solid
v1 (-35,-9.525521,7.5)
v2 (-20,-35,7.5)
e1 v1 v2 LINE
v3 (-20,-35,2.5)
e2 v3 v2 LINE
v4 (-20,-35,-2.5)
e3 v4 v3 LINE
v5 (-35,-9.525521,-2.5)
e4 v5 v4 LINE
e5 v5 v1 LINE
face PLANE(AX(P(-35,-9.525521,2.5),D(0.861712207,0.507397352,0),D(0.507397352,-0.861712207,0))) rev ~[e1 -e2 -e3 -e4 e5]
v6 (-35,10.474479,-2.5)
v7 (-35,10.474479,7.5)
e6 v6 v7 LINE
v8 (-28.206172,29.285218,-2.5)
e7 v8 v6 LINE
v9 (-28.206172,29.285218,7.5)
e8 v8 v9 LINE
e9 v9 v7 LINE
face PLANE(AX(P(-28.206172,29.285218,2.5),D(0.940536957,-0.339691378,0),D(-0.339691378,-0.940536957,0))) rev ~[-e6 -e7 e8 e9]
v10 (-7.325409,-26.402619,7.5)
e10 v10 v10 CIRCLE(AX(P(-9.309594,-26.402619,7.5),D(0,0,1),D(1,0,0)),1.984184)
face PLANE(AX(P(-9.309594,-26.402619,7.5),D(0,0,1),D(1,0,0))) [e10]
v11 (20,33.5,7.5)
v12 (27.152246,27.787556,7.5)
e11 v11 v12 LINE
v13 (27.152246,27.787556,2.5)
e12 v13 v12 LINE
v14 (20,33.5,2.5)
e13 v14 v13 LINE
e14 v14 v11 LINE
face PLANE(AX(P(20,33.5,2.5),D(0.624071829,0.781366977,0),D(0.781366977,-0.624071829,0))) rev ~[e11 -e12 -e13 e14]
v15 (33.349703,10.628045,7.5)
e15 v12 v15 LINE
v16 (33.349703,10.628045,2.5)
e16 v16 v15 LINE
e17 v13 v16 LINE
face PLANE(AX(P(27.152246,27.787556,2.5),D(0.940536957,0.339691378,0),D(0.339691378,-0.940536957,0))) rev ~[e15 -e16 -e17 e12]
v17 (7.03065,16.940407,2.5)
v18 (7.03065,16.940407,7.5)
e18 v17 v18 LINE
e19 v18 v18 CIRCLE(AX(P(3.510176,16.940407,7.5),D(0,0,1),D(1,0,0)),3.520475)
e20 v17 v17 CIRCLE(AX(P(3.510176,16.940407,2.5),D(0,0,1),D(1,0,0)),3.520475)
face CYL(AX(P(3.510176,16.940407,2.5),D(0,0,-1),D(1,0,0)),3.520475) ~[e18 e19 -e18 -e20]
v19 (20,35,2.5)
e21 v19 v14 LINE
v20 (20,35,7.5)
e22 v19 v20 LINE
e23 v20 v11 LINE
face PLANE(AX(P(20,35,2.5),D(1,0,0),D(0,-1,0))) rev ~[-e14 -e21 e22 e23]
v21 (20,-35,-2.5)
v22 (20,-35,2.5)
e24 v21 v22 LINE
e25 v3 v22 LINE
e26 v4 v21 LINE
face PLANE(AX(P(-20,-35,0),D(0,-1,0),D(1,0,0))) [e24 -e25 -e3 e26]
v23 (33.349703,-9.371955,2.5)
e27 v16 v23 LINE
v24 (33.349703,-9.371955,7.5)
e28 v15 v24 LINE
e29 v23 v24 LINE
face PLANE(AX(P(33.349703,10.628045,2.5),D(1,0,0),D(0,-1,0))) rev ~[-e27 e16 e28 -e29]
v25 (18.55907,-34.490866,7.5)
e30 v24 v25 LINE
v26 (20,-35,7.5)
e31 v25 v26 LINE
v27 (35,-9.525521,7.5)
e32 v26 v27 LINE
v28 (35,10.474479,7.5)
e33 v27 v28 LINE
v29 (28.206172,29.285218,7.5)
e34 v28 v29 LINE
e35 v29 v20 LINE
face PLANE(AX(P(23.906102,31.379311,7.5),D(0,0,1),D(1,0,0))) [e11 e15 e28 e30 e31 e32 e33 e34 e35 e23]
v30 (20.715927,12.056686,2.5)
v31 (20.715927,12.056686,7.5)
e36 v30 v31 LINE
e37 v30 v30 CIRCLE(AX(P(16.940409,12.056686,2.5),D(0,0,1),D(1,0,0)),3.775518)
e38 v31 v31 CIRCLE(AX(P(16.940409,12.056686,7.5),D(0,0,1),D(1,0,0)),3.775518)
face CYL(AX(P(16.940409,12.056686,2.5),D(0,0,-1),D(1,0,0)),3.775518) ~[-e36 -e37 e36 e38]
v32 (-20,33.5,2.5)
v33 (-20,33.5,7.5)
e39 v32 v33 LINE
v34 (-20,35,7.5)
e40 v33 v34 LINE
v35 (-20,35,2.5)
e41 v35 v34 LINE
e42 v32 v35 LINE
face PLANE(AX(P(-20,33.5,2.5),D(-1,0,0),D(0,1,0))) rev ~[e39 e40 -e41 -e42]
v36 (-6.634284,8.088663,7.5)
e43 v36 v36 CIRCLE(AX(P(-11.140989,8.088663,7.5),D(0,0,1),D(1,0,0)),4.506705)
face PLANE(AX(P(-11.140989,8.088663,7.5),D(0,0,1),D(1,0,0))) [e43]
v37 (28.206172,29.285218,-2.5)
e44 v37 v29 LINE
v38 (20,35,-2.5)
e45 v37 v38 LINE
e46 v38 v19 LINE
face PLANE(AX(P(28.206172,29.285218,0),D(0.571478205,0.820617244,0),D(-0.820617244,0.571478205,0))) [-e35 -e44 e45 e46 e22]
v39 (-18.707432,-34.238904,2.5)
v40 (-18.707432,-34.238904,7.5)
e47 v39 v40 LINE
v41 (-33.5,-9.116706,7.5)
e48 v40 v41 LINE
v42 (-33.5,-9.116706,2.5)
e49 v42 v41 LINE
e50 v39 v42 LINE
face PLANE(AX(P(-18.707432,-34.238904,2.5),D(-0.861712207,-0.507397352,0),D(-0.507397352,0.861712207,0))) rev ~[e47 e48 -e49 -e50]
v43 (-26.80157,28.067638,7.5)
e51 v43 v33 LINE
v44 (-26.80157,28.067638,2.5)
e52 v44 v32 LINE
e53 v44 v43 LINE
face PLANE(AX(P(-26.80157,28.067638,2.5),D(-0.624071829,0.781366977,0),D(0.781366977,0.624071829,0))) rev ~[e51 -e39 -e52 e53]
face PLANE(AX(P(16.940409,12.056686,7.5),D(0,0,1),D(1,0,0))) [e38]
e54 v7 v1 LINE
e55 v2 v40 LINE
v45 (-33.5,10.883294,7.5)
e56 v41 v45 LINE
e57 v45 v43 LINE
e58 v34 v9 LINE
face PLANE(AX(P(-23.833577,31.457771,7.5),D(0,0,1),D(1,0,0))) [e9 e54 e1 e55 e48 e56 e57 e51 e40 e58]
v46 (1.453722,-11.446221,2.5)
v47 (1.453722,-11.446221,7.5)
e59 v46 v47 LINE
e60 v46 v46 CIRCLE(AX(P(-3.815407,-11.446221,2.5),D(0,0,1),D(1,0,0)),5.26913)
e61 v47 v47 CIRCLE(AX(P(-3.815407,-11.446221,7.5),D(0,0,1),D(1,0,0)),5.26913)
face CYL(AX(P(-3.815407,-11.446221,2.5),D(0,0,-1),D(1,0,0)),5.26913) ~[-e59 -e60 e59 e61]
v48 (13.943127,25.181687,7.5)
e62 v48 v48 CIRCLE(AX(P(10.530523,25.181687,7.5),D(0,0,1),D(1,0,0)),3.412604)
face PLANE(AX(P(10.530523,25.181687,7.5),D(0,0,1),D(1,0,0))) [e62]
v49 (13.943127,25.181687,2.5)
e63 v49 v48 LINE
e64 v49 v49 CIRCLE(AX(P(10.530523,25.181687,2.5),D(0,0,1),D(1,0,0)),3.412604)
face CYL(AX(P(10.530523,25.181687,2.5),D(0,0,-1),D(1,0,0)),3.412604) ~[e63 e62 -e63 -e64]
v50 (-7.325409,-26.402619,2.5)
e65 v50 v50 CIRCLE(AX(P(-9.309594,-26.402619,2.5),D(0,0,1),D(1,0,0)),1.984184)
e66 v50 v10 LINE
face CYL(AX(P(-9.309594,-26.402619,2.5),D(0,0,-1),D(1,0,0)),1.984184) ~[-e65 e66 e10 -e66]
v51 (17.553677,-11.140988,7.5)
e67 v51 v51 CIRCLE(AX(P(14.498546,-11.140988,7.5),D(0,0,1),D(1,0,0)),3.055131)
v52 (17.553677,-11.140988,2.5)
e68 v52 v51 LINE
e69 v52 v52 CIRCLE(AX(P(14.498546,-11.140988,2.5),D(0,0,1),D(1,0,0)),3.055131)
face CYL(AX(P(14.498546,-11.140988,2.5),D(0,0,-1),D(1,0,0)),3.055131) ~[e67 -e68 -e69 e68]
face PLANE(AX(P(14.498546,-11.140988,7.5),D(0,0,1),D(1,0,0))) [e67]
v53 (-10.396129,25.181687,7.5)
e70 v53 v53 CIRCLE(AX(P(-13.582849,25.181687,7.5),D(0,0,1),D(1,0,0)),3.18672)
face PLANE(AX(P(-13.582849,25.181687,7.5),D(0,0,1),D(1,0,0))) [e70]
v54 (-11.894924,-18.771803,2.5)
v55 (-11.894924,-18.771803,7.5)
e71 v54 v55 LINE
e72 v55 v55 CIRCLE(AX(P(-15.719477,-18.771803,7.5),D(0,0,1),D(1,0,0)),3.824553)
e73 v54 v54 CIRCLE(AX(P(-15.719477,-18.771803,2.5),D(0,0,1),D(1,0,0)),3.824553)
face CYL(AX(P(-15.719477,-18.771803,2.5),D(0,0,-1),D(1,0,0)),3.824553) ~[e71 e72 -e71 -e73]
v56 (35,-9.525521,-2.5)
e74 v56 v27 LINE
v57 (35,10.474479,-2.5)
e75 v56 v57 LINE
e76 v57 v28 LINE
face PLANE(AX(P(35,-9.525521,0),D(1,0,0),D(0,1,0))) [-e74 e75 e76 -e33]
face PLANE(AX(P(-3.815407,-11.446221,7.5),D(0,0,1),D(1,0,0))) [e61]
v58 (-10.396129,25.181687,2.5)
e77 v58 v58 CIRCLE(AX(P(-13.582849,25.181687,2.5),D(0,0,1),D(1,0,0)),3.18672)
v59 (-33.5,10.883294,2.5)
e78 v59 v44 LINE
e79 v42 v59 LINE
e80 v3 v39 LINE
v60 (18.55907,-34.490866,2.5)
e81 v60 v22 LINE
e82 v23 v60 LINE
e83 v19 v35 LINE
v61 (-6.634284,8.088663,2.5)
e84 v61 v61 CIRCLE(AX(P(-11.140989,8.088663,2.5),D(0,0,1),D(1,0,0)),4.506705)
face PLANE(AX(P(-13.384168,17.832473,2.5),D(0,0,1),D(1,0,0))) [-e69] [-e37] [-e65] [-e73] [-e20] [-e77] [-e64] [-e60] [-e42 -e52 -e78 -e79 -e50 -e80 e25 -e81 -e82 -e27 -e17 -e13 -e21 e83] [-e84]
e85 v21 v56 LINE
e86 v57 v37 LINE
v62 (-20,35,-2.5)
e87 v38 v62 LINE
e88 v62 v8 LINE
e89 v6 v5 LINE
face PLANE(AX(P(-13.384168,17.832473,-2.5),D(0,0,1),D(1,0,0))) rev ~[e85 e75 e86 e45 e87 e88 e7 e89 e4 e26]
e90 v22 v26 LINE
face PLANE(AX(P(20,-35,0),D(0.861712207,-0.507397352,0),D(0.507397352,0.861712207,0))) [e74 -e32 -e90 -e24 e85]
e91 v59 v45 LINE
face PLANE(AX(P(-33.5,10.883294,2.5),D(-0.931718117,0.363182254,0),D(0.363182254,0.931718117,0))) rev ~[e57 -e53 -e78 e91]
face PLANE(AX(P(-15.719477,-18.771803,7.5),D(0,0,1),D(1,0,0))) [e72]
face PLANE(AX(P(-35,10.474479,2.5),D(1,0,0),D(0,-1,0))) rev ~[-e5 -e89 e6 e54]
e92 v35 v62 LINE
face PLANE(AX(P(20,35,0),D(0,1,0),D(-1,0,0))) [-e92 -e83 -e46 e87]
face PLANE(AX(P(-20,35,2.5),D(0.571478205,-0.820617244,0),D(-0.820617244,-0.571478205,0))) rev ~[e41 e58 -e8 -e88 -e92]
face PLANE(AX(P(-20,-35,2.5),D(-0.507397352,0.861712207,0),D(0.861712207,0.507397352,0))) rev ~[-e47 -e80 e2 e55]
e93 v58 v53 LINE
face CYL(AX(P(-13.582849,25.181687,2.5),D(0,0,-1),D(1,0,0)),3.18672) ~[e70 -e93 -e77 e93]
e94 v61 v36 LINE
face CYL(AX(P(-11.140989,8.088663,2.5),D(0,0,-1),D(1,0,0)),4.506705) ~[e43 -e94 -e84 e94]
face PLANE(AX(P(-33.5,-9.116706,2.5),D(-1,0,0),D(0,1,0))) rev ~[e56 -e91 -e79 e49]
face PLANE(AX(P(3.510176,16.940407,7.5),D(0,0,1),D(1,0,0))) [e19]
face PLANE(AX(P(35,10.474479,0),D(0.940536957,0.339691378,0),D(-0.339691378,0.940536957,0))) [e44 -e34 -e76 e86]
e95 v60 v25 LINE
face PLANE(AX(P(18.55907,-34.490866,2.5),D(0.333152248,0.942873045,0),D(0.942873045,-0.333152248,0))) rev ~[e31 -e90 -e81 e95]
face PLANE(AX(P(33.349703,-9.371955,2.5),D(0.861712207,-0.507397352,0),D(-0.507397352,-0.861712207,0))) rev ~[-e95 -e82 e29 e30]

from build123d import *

# Parameters (mm, degrees)
F1_DEPTH = 2.5
F2_R     = 3.1867202998
F2_R_2   = 3.7755179731
F2_R_3   = 3.0551309049
F2_R_4   = 3.8245534148
F2_R_5   = 1.9841844708
F2_R_6   = 4.5067047705
F2_R_7   = 3.412603706
F2_R_8   = 3.5204745869
F2_R_9   = 5.26912984
F3_DEPTH = 5


with BuildPart() as f1:
    # F0 (on Top) → F1 (new body, symmetric)
    with BuildSketch(Plane.XY):
        Polygon((-28.2061724393, 29.2852179485), (0, 0), (-20, 35), align=None)
        Polygon((-20, 35), (0, 0), (20, 35), align=None)
        Polygon((20, 35), (0, 0), (28.2061724393, 29.2852179485), align=None)
        Polygon((28.2061724393, 29.2852179485), (0, 0), (35, 10.4744788063), align=None)
        Polygon((0, 0), (35, -9.5255211937), (35, 10.4744788063), align=None)
        Polygon((0, 0), (20, -35), (35, -9.5255211937), align=None)
        Polygon((-20, -35), (20, -35), (0, 0), align=None)
        Polygon((-35, -9.5255211937), (-20, -35), (0, 0), align=None)
        Polygon((-35, -9.5255211937), (0, 0), (-35, 10.4744788063), align=None)
        Polygon((-35, 10.4744788063), (0, 0), (-28.2061724393, 29.2852179485), align=None)
    extrude(amount=F1_DEPTH, both=True)

    # F2 (on face) → F3 (join)
    with BuildSketch(Plane.XY.offset(2.5)):
        with Locations((-13.5828489438, 25.1816865057)):
            Circle(F2_R)
        with Locations((16.9404093176, 12.0566859841)):
            Circle(F2_R_2)
        with Locations((14.4985457882, -11.1409882084)):
            Circle(F2_R_3)
        with Locations((-15.7194770873, -18.7718030065)):
            Circle(F2_R_4)
        with Locations((-9.3095935881, -26.402618736)):
            Circle(F2_R_5)
        with Locations((-11.1409891397, 8.0886632204)):
            Circle(F2_R_6)
        with Locations((10.5305230245, 25.1816865057)):
            Circle(F2_R_7)
        with Locations((3.5101757385, 16.940407455)):
            Circle(F2_R_8)
        with Locations((-3.8154073991, -11.4462208003)):
            Circle(F2_R_9)
        Polygon((-20, 35), (-28.2061724393, 29.2852179485), (-26.8015696019, 28.067638371), (-20, 33.5), align=None)
        Polygon((27.1522455229, 27.7875561946), (28.2061724393, 29.2852179485), (20, 35), (20, 33.5), align=None)
        Polygon((33.3497032022, 10.6280450489), (35, 10.4744788063), (28.2061724393, 29.2852179485), (27.1522455229, 27.7875561946), align=None)
        Polygon((33.3497032022, -9.3719549511), (35, -9.5255211937), (35, 10.4744788063), (33.3497032022, 10.6280450489), align=None)
        Polygon((18.5590703823, -34.4908657712), (20, -35), (35, -9.5255211937), (33.3497032022, -9.3719549511), align=None)
        Polygon((-35, -9.5255211937), (-20, -35), (-18.7074316902, -34.2389039715), (-33.5, -9.1167061117), align=None)
        Polygon((-35, 10.4744788063), (-35, -9.5255211937), (-33.5, -9.1167061117), (-33.5, 10.8832938883), align=None)
        Polygon((-28.2061724393, 29.2852179485), (-35, 10.4744788063), (-33.5, 10.8832938883), (-26.8015696019, 28.067638371), align=None)
    extrude(amount=F3_DEPTH)


solid = f1.part
